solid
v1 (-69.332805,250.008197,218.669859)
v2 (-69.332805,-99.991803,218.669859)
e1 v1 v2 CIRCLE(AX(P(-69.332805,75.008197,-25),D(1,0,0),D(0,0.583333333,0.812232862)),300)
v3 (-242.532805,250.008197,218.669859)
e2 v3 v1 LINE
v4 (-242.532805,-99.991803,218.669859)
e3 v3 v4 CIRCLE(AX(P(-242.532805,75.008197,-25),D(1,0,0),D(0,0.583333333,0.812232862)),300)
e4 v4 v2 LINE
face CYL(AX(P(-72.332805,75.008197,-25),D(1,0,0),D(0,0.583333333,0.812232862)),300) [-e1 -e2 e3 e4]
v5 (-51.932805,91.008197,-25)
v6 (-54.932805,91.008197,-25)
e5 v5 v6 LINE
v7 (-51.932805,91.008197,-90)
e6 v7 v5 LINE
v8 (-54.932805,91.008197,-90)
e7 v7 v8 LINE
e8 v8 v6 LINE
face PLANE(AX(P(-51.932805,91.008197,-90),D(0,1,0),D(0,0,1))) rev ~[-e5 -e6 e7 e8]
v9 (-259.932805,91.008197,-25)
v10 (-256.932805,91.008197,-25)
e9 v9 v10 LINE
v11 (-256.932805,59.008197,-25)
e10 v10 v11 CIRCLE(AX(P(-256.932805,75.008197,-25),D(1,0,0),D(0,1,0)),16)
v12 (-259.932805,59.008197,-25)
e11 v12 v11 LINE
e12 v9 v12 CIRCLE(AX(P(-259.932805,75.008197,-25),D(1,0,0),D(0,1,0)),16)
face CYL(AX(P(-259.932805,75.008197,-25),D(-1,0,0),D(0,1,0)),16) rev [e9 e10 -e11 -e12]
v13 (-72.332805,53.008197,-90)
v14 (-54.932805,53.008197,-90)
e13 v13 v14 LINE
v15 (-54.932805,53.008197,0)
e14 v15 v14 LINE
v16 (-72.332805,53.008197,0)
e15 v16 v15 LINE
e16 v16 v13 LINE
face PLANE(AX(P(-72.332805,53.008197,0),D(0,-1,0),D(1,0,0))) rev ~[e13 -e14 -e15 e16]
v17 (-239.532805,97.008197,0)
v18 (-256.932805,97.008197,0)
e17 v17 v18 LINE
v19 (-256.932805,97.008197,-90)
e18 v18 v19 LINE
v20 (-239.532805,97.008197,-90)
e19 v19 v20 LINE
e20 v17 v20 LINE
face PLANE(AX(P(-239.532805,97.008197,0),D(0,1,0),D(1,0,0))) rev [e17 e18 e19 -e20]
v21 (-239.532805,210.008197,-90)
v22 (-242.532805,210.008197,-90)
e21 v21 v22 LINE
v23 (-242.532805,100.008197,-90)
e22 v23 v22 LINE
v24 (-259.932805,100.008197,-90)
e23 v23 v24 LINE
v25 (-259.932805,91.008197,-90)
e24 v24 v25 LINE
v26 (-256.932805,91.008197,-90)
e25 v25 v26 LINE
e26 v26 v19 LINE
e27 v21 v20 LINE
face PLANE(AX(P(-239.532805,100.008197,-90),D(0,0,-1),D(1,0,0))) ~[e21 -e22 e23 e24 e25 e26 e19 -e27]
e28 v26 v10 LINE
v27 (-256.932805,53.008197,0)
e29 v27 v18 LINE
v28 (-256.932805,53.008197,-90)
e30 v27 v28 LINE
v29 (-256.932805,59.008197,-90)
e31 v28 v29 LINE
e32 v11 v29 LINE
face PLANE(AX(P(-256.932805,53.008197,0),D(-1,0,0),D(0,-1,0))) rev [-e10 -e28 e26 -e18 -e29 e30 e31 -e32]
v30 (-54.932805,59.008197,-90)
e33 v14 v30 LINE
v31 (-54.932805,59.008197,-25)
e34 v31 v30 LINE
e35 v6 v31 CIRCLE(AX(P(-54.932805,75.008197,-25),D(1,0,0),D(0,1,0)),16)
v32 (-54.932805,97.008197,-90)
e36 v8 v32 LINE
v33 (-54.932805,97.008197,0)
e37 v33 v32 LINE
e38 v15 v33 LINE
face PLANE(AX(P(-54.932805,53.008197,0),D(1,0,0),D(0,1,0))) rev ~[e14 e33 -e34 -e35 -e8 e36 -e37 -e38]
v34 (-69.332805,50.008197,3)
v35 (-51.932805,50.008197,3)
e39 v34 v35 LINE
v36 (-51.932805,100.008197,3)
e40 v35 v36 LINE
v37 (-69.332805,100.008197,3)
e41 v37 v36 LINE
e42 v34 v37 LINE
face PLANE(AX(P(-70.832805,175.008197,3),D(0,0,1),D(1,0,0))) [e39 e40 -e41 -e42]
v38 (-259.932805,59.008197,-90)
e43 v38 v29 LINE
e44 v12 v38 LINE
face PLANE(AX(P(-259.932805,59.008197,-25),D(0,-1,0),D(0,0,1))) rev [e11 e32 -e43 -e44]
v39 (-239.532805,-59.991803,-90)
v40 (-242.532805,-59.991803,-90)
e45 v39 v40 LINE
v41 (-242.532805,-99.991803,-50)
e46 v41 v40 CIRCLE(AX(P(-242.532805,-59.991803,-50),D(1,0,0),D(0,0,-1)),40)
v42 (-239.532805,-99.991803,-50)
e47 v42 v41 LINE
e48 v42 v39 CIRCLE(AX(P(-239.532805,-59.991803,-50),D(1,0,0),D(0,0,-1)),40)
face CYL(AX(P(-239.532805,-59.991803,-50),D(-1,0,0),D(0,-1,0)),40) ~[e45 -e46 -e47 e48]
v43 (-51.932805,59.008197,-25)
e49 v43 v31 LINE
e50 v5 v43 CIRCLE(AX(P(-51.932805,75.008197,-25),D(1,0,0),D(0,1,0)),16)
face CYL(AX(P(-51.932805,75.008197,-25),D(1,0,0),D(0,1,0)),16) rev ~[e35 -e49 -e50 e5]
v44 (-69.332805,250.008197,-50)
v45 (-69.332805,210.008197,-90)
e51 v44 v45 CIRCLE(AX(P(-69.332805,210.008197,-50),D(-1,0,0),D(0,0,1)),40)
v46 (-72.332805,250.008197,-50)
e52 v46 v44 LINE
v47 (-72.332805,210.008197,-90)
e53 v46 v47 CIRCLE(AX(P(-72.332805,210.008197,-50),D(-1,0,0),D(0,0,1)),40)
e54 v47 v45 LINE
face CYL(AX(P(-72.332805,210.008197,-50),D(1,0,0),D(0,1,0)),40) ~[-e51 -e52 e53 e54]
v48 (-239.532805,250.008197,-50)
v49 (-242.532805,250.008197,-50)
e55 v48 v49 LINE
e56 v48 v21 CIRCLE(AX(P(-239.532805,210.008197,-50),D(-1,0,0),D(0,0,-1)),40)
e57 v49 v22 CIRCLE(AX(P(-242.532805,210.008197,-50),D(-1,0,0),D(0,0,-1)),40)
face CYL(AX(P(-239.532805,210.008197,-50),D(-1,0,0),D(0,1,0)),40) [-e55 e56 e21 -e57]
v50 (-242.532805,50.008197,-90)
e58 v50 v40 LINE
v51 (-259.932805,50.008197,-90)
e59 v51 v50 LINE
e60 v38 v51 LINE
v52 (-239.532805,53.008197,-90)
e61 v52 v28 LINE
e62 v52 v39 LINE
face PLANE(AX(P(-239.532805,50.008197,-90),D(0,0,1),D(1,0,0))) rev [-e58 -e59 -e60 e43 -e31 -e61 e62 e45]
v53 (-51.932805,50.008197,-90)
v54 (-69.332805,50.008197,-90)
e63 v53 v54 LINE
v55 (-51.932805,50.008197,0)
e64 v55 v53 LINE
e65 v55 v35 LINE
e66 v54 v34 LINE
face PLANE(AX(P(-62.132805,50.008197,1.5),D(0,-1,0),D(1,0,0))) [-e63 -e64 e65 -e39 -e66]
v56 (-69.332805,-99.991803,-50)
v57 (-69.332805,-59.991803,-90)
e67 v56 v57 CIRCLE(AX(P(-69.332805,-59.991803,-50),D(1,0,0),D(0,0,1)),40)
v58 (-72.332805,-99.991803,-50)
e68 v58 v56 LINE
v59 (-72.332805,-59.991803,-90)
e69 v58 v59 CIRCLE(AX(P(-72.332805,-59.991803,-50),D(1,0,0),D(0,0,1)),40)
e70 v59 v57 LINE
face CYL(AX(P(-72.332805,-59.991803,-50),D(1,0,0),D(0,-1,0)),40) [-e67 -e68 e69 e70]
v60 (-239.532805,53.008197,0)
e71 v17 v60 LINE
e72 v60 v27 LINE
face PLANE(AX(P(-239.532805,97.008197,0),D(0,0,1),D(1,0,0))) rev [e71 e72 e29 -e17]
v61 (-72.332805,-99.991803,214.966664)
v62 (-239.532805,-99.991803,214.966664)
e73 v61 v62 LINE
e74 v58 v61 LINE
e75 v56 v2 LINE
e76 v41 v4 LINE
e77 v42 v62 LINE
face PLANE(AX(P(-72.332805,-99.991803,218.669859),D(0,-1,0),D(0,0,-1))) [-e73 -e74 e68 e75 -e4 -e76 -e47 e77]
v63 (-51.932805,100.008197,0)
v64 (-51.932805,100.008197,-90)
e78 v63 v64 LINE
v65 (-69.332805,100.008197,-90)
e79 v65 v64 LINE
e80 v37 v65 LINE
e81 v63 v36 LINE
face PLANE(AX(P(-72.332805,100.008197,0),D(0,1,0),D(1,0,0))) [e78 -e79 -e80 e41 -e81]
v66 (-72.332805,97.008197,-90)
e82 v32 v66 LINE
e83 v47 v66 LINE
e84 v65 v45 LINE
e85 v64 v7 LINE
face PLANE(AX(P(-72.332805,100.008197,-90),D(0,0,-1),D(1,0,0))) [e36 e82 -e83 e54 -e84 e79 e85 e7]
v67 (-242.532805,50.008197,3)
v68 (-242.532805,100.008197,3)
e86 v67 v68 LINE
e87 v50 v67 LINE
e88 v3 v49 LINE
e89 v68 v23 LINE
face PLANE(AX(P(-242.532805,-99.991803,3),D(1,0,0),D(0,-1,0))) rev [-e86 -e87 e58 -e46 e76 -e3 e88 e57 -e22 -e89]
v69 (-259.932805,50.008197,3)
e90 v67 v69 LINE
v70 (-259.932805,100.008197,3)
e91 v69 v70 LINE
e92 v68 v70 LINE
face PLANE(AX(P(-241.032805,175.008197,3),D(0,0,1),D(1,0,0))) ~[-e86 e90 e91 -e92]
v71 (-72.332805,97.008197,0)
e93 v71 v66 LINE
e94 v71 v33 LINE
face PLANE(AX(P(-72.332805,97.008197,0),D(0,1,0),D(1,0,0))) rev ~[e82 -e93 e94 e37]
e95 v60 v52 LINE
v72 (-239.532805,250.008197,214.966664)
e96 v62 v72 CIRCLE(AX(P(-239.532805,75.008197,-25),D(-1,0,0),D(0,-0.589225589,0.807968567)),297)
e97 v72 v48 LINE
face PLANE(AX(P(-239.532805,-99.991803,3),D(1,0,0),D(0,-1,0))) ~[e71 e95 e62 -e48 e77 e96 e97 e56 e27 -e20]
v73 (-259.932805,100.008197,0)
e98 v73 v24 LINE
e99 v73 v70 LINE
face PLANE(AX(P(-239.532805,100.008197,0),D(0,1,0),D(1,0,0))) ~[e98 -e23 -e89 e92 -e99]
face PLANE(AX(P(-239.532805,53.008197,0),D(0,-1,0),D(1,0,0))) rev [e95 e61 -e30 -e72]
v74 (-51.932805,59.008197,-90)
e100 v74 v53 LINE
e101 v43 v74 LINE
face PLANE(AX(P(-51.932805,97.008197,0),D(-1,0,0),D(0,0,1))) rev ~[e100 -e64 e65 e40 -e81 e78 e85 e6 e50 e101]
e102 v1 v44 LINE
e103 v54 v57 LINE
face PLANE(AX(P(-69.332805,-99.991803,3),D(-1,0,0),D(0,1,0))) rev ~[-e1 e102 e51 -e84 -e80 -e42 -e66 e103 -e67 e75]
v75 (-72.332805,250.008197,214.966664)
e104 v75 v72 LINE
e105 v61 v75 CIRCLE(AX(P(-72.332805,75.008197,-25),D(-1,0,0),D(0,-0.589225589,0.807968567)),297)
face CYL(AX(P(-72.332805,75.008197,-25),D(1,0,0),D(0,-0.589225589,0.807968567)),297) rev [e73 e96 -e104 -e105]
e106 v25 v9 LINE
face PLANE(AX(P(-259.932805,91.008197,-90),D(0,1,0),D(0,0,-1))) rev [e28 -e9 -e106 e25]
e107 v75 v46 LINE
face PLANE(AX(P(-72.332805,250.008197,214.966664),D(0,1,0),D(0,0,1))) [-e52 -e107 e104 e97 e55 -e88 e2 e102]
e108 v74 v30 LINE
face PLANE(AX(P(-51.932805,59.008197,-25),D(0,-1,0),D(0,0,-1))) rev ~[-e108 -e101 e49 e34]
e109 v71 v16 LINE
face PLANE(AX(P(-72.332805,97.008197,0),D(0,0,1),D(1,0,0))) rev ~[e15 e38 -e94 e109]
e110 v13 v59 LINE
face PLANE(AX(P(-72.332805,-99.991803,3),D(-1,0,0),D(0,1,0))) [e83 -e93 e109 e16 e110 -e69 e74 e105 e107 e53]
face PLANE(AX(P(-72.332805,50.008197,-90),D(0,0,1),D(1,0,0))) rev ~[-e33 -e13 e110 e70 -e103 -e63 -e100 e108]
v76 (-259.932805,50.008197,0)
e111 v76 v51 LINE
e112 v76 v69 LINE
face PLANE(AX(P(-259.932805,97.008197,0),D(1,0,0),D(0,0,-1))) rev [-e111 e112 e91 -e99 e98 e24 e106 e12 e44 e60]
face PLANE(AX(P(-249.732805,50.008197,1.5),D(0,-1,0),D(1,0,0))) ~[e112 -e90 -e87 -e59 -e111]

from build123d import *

# Parameters (mm, degrees)
BOSS_EXTRUDE1_DEPTH  = 90
CUT_EXTRUDE1_DEPTH   = 15
SKETCH4_W            = 3
SKETCH4_H            = 90
BOSS_EXTRUDE3_DEPTH  = 150
SKETCH5_W            = 3
SKETCH5_H            = 90
BOSS_EXTRUDE4_DEPTH  = 150
SKETCH12_W           = 20.399999779
SKETCH12_H           = 3
BOSS_EXTRUDE5_DEPTH  = 3
SKETCH13_W           = 20.399999779
SKETCH13_H           = 3
BOSS_EXTRUDE6_DEPTH  = 47
SKETCH15_W           = 3
SKETCH15_H           = 150
BOSS_EXTRUDE7_DEPTH  = 3
SKETCH16_W           = 3
SKETCH16_H           = 150
BOSS_EXTRUDE8_DEPTH  = 3
SKETCH17_W           = 3
SKETCH17_H           = 350
BOSS_EXTRUDE9_DEPTH  = 293
CUT_EXTRUDE2_DEPTH   = 263
BOSS_EXTRUDE10_DEPTH = 167.2
FILLET1_R            = 40


with BuildPart() as part:
    # Sketch2 → Boss-Extrude1 (new body)
    with BuildSketch(Plane.XY):
        Polygon((-54.932805324, 53.008197058), (-54.932805324, 97.008197058), (-72.332805103, 97.008197058), (-72.332805103, 100.008197058), (-51.932805324, 100.008197058), (-51.932805324, 50.008197058), (-72.332805103, 50.008197058), (-72.332805103, 53.008197058), align=None)
    extrude(amount=-BOSS_EXTRUDE1_DEPTH)

    # Sketch3 → Cut-Extrude1 (cut)
    with BuildSketch(Plane(origin=(-51.932805324, 0, 0), x_dir=(0, 0, -1), z_dir=(1, 0, 0))):
        with BuildLine():
            Line((25.000000095, 59.008197058), (90, 59.008197058))
            Line((90, 59.008197058), (90, 91.008197058))
            Line((90, 91.008197058), (25.000000095, 91.008197058))
            ThreePointArc((25.000000095, 91.008197058), (9.000000095, 75.008197058), (25.000000095, 59.008197058))
        make_face()
    extrude(amount=-CUT_EXTRUDE1_DEPTH, mode=Mode.SUBTRACT)

    # Sketch4 → Boss-Extrude3 (add)
    with BuildSketch(Plane.XZ.offset(-50.008197058)):
        with Locations((-70.832805103, -45)):
            Rectangle(SKETCH4_W, SKETCH4_H)
    extrude(amount=BOSS_EXTRUDE3_DEPTH)

    # Sketch5 → Boss-Extrude4 (add)
    with BuildSketch(Plane(origin=(0, 100.008197058, 0), x_dir=(1, 0, 0), z_dir=(0, 1, 0))):
        with Locations((-70.832805103, 45)):
            Rectangle(SKETCH5_W, SKETCH5_H)
    extrude(amount=BOSS_EXTRUDE4_DEPTH)

    # Sketch12 → Boss-Extrude5 (add)
    with BuildSketch(Plane.XY):
        with Locations((-62.132805213, 98.508197058)):
            Rectangle(SKETCH12_W, SKETCH12_H)
    extrude(amount=BOSS_EXTRUDE5_DEPTH)

    # Sketch13 → Boss-Extrude6 (add)
    with BuildSketch(Plane.XZ.offset(-97.008197058)):
        with Locations((-62.132805213, 1.5)):
            Rectangle(SKETCH13_W, SKETCH13_H)
    extrude(amount=BOSS_EXTRUDE6_DEPTH)

    # Sketch15 → Boss-Extrude7 (add)
    with BuildSketch(Plane.XY):
        with Locations((-70.832805103, -24.991802942)):
            Rectangle(SKETCH15_W, SKETCH15_H)
    extrude(amount=BOSS_EXTRUDE7_DEPTH)

    # Sketch16 → Boss-Extrude8 (add)
    with BuildSketch(Plane.XY):
        with Locations((-70.832805103, 175.008197058)):
            Rectangle(SKETCH16_W, SKETCH16_H)
    extrude(amount=BOSS_EXTRUDE8_DEPTH)

    # Sketch17 → Boss-Extrude9 (add)
    with BuildSketch(Plane.XY.offset(3)):
        with Locations((-70.832805103, 75.008197058)):
            Rectangle(SKETCH17_W, SKETCH17_H)
    extrude(amount=BOSS_EXTRUDE9_DEPTH)

    # Sketch18 → Cut-Extrude2 (cut)
    with BuildSketch(Plane(origin=(-69.332805103, 0, 0), x_dir=(0, 0, -1), z_dir=(1, 0, 0))):
        with BuildLine():
            Line((-218.669858525, -99.991802942), (-296, -99.991802942))
            Line((-296, -99.991802942), (-296, 250.008197058))
            Line((-296, 250.008197058), (-218.669858525, 250.008197058))
            ThreePointArc((-218.669858525, 250.008197058), (-274.999999905, 75.008197058), (-218.669858525, -99.991802942))
        make_face()
    extrude(amount=-CUT_EXTRUDE2_DEPTH, mode=Mode.SUBTRACT)


with BuildPart() as body_2:
    # Mirror3: mirrored copy
    add(part.part.mirror(Plane.ZY.offset(155.932805134)))


with BuildPart() as part_1:
    add(part.part)

    add(body_2.part)  # Boss-Extrude10 merges body 2
    # Sketch20 → Boss-Extrude10 (add)
    with BuildSketch(Plane.ZY.offset(72.332805103)):
        with BuildLine():
            Line((214.966664257, 250.008197058), (218.669858525, 250.008197058))
            ThreePointArc((218.669858525, 250.008197058), (274.999999905, 75.008197058), (218.669858525, -99.991802942))
            Line((218.669858525, -99.991802942), (214.966664257, -99.991802942))
            ThreePointArc((214.966664257, -99.991802942), (271.999999905, 75.008197058), (214.966664257, 250.008197058))
        make_face()
    extrude(amount=BOSS_EXTRUDE10_DEPTH)

    # Fillet1
    fillet1_edges = [part_1.edges().sort_by_distance(p)[0] for p in [
        (-241.032805165, 250.008197058, -90),
        (-241.032805165, -99.991802942, -90),
        (-70.832805103, -99.991802942, -90),
        (-70.832805103, 250.008197058, -90),
    ]]
    fillet(fillet1_edges, radius=FILLET1_R)


solid = part_1.part
